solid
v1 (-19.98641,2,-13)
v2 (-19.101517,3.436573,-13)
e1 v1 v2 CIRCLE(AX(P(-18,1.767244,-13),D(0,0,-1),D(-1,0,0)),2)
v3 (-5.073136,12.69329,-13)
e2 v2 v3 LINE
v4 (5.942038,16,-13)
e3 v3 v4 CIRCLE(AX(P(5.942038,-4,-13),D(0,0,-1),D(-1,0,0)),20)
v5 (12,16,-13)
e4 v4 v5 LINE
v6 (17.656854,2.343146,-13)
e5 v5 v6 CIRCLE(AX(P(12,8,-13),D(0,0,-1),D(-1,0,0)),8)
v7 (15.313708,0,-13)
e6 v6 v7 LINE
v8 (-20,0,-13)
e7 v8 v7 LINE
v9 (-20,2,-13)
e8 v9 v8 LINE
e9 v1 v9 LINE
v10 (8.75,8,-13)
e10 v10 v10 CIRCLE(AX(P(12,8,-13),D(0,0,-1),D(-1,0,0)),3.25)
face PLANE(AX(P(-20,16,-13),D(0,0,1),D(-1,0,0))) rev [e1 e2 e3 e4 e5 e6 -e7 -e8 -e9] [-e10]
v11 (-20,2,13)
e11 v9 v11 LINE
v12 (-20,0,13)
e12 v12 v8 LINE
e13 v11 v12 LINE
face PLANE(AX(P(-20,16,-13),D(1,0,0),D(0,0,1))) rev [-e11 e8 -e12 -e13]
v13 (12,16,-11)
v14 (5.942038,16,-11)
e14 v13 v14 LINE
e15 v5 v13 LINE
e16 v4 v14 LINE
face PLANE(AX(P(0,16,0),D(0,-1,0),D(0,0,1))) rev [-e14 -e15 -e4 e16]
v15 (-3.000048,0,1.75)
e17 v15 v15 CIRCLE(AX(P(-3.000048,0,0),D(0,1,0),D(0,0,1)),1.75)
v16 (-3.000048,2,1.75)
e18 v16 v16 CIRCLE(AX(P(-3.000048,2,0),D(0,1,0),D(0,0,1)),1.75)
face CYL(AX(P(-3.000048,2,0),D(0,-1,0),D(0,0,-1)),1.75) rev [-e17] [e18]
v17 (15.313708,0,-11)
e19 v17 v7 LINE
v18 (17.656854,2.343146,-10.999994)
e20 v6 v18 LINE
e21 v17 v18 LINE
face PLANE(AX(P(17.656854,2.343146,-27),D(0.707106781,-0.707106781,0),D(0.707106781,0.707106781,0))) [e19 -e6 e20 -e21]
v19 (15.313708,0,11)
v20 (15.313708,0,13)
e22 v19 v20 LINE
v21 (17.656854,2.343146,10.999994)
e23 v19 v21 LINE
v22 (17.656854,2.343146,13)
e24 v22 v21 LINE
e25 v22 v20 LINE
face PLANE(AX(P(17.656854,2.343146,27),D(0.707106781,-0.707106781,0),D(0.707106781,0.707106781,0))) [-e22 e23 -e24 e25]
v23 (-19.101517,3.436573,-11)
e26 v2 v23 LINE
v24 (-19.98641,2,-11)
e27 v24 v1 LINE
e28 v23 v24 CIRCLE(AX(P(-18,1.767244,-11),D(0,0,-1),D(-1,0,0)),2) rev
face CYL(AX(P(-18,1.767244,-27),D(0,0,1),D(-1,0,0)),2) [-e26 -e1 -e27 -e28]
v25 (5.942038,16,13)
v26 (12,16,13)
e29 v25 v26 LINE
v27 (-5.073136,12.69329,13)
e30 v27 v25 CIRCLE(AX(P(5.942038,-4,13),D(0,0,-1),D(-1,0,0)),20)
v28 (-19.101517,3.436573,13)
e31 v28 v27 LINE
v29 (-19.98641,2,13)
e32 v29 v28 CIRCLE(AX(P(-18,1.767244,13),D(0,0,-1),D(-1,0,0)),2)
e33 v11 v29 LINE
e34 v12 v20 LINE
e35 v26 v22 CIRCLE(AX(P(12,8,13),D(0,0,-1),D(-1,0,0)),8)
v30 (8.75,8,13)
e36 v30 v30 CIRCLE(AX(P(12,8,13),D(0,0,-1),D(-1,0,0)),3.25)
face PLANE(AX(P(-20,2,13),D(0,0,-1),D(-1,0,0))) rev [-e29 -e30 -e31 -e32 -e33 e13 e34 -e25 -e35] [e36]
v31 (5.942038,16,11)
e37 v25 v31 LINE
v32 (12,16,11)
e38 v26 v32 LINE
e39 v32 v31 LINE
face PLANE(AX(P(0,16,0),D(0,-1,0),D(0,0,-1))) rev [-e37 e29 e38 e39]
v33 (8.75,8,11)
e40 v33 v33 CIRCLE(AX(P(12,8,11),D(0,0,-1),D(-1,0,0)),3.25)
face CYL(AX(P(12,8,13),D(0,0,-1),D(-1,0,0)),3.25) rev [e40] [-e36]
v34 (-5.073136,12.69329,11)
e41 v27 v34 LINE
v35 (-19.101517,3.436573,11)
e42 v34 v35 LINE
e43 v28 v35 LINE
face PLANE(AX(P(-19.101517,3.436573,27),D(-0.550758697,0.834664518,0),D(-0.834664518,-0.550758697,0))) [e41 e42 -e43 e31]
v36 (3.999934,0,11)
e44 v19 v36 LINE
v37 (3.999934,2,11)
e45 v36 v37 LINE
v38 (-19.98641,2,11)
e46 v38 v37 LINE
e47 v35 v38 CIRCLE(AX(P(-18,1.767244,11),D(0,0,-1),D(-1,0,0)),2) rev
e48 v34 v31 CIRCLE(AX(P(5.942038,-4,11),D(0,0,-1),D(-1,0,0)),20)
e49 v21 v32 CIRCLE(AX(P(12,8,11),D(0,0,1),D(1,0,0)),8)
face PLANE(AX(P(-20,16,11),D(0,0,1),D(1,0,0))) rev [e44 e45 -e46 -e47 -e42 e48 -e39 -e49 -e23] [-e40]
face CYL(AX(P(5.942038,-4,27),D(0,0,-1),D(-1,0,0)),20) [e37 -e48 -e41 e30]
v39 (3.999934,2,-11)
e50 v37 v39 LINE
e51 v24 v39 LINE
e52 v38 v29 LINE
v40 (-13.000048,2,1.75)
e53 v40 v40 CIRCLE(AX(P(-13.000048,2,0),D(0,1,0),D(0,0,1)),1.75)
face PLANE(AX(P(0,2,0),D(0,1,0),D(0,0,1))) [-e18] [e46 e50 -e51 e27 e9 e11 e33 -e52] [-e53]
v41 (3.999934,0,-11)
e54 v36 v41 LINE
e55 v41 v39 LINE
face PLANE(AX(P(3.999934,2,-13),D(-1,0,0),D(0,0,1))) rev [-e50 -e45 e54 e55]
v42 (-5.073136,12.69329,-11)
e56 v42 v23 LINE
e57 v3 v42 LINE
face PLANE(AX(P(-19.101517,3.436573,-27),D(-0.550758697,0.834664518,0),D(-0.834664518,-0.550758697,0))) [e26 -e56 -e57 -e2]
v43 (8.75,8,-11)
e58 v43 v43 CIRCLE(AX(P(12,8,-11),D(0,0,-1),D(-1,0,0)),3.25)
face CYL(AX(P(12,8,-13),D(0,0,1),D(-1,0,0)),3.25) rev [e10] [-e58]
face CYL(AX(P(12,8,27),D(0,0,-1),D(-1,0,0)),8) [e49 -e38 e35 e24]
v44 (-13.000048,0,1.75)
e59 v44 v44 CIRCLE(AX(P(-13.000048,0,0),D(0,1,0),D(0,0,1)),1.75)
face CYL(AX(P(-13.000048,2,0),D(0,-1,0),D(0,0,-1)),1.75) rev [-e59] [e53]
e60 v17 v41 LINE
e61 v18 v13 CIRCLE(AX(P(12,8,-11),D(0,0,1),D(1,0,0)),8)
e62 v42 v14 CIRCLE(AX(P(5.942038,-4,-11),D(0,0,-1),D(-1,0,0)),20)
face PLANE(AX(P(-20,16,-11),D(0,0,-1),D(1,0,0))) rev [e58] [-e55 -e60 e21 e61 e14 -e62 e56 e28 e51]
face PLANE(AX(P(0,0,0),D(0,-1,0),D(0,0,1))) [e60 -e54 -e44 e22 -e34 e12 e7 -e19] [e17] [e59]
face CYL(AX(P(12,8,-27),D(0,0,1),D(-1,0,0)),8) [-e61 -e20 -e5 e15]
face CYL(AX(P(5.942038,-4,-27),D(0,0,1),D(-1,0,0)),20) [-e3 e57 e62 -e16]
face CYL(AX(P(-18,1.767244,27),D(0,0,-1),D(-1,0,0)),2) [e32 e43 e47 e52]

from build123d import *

# Parameters (mm, degrees)
SKETCH6_W               = 40
SKETCH6_H               = 2
BOSS_EXTRUDE4_DEPTH     = 16
SKETCH9_R               = 3.25
CUT_EXTRUDE2_DEPTH      = 2
CUT_EXTRUDE1_DEPTH      = 26.690465157
CUT_EXTRUDE1_DEPTH_BACK = 16
SKETCH7_W               = 42.708590122
SKETCH7_H               = 18.182038554
SKETCH12_W              = 23.999933515
SKETCH12_H              = 26
SKETCH12_R              = 1.75
BOSS_EXTRUDE8_DEPTH     = 2


with BuildPart() as part:
    # Sketch6 → Boss-Extrude4 (new body)
    with BuildSketch(Plane(origin=(0, 0, 0), x_dir=(1, 0, 0), z_dir=(0, 1, 0))):
        with Locations((0, -12)):
            Rectangle(SKETCH6_W, SKETCH6_H)
    extrude(amount=BOSS_EXTRUDE4_DEPTH)

    # Sketch9 → Cut-Extrude2 (cut)
    with BuildSketch(Plane(origin=(0, 0, 11), x_dir=(-1, 0, 0), z_dir=(0, 0, -1))):
        with Locations((-12, 8)):
            Circle(SKETCH9_R)
    extrude(amount=-CUT_EXTRUDE2_DEPTH, mode=Mode.SUBTRACT)

    # Sketch7 → Cut-Extrude1 (cut, two sides: drawn at the far end of the back side and taken through both)
    with BuildSketch(Plane(origin=(0, 0, 11), x_dir=(-1, 0, 0), z_dir=(0, 0, -1)).offset(-CUT_EXTRUDE1_DEPTH_BACK)):
        with Locations((0, 8)):
            Rectangle(SKETCH7_W, SKETCH7_H)
        with BuildLine():
            Line((-5.942038411, 16), (-12, 16))
            ThreePointArc((-12, 16), (-19.39103626, 11.061467459), (-17.656854249, 2.343145751))
            Line((-17.656854249, 2.343145751), (-15.313708499, 0))
            Line((-15.313708499, 0), (20, 0))
            Line((20, 0), (20, 1.767244224))
            ThreePointArc((20, 1.767244224), (19.761112544, 2.715127447), (19.101517394, 3.43657326))
            Line((19.101517394, 3.43657326), (5.07313553, 12.69329036))
            ThreePointArc((5.07313553, 12.69329036), (-0.191638738, 15.155492779), (-5.942038411, 16))
        make_face(mode=Mode.SUBTRACT)
    extrude(amount=CUT_EXTRUDE1_DEPTH + CUT_EXTRUDE1_DEPTH_BACK, mode=Mode.SUBTRACT)


with BuildPart() as body_2:
    # Mirror2: mirrored copy
    add(part.part.mirror(Plane.XY))


with BuildPart() as part_1:
    add(part.part)

    add(body_2.part)  # Boss-Extrude8 merges body 2
    # Sketch12 → Boss-Extrude8 (add)
    with BuildSketch(Plane(origin=(0, 0, 0), x_dir=(1, 0, 0), z_dir=(0, 1, 0))):
        with Locations((-8.000033242, 0)):
            Rectangle(SKETCH12_W, SKETCH12_H)
        with Locations(Location((-13.000047854, 0, 0), (0, 0, 270))):
            Circle(SKETCH12_R, mode=Mode.SUBTRACT)
        with Locations(Location((-3.000047854, 0, 0), (0, 0, 270))):
            Circle(SKETCH12_R, mode=Mode.SUBTRACT)
    extrude(amount=BOSS_EXTRUDE8_DEPTH)


solid = part_1.part
